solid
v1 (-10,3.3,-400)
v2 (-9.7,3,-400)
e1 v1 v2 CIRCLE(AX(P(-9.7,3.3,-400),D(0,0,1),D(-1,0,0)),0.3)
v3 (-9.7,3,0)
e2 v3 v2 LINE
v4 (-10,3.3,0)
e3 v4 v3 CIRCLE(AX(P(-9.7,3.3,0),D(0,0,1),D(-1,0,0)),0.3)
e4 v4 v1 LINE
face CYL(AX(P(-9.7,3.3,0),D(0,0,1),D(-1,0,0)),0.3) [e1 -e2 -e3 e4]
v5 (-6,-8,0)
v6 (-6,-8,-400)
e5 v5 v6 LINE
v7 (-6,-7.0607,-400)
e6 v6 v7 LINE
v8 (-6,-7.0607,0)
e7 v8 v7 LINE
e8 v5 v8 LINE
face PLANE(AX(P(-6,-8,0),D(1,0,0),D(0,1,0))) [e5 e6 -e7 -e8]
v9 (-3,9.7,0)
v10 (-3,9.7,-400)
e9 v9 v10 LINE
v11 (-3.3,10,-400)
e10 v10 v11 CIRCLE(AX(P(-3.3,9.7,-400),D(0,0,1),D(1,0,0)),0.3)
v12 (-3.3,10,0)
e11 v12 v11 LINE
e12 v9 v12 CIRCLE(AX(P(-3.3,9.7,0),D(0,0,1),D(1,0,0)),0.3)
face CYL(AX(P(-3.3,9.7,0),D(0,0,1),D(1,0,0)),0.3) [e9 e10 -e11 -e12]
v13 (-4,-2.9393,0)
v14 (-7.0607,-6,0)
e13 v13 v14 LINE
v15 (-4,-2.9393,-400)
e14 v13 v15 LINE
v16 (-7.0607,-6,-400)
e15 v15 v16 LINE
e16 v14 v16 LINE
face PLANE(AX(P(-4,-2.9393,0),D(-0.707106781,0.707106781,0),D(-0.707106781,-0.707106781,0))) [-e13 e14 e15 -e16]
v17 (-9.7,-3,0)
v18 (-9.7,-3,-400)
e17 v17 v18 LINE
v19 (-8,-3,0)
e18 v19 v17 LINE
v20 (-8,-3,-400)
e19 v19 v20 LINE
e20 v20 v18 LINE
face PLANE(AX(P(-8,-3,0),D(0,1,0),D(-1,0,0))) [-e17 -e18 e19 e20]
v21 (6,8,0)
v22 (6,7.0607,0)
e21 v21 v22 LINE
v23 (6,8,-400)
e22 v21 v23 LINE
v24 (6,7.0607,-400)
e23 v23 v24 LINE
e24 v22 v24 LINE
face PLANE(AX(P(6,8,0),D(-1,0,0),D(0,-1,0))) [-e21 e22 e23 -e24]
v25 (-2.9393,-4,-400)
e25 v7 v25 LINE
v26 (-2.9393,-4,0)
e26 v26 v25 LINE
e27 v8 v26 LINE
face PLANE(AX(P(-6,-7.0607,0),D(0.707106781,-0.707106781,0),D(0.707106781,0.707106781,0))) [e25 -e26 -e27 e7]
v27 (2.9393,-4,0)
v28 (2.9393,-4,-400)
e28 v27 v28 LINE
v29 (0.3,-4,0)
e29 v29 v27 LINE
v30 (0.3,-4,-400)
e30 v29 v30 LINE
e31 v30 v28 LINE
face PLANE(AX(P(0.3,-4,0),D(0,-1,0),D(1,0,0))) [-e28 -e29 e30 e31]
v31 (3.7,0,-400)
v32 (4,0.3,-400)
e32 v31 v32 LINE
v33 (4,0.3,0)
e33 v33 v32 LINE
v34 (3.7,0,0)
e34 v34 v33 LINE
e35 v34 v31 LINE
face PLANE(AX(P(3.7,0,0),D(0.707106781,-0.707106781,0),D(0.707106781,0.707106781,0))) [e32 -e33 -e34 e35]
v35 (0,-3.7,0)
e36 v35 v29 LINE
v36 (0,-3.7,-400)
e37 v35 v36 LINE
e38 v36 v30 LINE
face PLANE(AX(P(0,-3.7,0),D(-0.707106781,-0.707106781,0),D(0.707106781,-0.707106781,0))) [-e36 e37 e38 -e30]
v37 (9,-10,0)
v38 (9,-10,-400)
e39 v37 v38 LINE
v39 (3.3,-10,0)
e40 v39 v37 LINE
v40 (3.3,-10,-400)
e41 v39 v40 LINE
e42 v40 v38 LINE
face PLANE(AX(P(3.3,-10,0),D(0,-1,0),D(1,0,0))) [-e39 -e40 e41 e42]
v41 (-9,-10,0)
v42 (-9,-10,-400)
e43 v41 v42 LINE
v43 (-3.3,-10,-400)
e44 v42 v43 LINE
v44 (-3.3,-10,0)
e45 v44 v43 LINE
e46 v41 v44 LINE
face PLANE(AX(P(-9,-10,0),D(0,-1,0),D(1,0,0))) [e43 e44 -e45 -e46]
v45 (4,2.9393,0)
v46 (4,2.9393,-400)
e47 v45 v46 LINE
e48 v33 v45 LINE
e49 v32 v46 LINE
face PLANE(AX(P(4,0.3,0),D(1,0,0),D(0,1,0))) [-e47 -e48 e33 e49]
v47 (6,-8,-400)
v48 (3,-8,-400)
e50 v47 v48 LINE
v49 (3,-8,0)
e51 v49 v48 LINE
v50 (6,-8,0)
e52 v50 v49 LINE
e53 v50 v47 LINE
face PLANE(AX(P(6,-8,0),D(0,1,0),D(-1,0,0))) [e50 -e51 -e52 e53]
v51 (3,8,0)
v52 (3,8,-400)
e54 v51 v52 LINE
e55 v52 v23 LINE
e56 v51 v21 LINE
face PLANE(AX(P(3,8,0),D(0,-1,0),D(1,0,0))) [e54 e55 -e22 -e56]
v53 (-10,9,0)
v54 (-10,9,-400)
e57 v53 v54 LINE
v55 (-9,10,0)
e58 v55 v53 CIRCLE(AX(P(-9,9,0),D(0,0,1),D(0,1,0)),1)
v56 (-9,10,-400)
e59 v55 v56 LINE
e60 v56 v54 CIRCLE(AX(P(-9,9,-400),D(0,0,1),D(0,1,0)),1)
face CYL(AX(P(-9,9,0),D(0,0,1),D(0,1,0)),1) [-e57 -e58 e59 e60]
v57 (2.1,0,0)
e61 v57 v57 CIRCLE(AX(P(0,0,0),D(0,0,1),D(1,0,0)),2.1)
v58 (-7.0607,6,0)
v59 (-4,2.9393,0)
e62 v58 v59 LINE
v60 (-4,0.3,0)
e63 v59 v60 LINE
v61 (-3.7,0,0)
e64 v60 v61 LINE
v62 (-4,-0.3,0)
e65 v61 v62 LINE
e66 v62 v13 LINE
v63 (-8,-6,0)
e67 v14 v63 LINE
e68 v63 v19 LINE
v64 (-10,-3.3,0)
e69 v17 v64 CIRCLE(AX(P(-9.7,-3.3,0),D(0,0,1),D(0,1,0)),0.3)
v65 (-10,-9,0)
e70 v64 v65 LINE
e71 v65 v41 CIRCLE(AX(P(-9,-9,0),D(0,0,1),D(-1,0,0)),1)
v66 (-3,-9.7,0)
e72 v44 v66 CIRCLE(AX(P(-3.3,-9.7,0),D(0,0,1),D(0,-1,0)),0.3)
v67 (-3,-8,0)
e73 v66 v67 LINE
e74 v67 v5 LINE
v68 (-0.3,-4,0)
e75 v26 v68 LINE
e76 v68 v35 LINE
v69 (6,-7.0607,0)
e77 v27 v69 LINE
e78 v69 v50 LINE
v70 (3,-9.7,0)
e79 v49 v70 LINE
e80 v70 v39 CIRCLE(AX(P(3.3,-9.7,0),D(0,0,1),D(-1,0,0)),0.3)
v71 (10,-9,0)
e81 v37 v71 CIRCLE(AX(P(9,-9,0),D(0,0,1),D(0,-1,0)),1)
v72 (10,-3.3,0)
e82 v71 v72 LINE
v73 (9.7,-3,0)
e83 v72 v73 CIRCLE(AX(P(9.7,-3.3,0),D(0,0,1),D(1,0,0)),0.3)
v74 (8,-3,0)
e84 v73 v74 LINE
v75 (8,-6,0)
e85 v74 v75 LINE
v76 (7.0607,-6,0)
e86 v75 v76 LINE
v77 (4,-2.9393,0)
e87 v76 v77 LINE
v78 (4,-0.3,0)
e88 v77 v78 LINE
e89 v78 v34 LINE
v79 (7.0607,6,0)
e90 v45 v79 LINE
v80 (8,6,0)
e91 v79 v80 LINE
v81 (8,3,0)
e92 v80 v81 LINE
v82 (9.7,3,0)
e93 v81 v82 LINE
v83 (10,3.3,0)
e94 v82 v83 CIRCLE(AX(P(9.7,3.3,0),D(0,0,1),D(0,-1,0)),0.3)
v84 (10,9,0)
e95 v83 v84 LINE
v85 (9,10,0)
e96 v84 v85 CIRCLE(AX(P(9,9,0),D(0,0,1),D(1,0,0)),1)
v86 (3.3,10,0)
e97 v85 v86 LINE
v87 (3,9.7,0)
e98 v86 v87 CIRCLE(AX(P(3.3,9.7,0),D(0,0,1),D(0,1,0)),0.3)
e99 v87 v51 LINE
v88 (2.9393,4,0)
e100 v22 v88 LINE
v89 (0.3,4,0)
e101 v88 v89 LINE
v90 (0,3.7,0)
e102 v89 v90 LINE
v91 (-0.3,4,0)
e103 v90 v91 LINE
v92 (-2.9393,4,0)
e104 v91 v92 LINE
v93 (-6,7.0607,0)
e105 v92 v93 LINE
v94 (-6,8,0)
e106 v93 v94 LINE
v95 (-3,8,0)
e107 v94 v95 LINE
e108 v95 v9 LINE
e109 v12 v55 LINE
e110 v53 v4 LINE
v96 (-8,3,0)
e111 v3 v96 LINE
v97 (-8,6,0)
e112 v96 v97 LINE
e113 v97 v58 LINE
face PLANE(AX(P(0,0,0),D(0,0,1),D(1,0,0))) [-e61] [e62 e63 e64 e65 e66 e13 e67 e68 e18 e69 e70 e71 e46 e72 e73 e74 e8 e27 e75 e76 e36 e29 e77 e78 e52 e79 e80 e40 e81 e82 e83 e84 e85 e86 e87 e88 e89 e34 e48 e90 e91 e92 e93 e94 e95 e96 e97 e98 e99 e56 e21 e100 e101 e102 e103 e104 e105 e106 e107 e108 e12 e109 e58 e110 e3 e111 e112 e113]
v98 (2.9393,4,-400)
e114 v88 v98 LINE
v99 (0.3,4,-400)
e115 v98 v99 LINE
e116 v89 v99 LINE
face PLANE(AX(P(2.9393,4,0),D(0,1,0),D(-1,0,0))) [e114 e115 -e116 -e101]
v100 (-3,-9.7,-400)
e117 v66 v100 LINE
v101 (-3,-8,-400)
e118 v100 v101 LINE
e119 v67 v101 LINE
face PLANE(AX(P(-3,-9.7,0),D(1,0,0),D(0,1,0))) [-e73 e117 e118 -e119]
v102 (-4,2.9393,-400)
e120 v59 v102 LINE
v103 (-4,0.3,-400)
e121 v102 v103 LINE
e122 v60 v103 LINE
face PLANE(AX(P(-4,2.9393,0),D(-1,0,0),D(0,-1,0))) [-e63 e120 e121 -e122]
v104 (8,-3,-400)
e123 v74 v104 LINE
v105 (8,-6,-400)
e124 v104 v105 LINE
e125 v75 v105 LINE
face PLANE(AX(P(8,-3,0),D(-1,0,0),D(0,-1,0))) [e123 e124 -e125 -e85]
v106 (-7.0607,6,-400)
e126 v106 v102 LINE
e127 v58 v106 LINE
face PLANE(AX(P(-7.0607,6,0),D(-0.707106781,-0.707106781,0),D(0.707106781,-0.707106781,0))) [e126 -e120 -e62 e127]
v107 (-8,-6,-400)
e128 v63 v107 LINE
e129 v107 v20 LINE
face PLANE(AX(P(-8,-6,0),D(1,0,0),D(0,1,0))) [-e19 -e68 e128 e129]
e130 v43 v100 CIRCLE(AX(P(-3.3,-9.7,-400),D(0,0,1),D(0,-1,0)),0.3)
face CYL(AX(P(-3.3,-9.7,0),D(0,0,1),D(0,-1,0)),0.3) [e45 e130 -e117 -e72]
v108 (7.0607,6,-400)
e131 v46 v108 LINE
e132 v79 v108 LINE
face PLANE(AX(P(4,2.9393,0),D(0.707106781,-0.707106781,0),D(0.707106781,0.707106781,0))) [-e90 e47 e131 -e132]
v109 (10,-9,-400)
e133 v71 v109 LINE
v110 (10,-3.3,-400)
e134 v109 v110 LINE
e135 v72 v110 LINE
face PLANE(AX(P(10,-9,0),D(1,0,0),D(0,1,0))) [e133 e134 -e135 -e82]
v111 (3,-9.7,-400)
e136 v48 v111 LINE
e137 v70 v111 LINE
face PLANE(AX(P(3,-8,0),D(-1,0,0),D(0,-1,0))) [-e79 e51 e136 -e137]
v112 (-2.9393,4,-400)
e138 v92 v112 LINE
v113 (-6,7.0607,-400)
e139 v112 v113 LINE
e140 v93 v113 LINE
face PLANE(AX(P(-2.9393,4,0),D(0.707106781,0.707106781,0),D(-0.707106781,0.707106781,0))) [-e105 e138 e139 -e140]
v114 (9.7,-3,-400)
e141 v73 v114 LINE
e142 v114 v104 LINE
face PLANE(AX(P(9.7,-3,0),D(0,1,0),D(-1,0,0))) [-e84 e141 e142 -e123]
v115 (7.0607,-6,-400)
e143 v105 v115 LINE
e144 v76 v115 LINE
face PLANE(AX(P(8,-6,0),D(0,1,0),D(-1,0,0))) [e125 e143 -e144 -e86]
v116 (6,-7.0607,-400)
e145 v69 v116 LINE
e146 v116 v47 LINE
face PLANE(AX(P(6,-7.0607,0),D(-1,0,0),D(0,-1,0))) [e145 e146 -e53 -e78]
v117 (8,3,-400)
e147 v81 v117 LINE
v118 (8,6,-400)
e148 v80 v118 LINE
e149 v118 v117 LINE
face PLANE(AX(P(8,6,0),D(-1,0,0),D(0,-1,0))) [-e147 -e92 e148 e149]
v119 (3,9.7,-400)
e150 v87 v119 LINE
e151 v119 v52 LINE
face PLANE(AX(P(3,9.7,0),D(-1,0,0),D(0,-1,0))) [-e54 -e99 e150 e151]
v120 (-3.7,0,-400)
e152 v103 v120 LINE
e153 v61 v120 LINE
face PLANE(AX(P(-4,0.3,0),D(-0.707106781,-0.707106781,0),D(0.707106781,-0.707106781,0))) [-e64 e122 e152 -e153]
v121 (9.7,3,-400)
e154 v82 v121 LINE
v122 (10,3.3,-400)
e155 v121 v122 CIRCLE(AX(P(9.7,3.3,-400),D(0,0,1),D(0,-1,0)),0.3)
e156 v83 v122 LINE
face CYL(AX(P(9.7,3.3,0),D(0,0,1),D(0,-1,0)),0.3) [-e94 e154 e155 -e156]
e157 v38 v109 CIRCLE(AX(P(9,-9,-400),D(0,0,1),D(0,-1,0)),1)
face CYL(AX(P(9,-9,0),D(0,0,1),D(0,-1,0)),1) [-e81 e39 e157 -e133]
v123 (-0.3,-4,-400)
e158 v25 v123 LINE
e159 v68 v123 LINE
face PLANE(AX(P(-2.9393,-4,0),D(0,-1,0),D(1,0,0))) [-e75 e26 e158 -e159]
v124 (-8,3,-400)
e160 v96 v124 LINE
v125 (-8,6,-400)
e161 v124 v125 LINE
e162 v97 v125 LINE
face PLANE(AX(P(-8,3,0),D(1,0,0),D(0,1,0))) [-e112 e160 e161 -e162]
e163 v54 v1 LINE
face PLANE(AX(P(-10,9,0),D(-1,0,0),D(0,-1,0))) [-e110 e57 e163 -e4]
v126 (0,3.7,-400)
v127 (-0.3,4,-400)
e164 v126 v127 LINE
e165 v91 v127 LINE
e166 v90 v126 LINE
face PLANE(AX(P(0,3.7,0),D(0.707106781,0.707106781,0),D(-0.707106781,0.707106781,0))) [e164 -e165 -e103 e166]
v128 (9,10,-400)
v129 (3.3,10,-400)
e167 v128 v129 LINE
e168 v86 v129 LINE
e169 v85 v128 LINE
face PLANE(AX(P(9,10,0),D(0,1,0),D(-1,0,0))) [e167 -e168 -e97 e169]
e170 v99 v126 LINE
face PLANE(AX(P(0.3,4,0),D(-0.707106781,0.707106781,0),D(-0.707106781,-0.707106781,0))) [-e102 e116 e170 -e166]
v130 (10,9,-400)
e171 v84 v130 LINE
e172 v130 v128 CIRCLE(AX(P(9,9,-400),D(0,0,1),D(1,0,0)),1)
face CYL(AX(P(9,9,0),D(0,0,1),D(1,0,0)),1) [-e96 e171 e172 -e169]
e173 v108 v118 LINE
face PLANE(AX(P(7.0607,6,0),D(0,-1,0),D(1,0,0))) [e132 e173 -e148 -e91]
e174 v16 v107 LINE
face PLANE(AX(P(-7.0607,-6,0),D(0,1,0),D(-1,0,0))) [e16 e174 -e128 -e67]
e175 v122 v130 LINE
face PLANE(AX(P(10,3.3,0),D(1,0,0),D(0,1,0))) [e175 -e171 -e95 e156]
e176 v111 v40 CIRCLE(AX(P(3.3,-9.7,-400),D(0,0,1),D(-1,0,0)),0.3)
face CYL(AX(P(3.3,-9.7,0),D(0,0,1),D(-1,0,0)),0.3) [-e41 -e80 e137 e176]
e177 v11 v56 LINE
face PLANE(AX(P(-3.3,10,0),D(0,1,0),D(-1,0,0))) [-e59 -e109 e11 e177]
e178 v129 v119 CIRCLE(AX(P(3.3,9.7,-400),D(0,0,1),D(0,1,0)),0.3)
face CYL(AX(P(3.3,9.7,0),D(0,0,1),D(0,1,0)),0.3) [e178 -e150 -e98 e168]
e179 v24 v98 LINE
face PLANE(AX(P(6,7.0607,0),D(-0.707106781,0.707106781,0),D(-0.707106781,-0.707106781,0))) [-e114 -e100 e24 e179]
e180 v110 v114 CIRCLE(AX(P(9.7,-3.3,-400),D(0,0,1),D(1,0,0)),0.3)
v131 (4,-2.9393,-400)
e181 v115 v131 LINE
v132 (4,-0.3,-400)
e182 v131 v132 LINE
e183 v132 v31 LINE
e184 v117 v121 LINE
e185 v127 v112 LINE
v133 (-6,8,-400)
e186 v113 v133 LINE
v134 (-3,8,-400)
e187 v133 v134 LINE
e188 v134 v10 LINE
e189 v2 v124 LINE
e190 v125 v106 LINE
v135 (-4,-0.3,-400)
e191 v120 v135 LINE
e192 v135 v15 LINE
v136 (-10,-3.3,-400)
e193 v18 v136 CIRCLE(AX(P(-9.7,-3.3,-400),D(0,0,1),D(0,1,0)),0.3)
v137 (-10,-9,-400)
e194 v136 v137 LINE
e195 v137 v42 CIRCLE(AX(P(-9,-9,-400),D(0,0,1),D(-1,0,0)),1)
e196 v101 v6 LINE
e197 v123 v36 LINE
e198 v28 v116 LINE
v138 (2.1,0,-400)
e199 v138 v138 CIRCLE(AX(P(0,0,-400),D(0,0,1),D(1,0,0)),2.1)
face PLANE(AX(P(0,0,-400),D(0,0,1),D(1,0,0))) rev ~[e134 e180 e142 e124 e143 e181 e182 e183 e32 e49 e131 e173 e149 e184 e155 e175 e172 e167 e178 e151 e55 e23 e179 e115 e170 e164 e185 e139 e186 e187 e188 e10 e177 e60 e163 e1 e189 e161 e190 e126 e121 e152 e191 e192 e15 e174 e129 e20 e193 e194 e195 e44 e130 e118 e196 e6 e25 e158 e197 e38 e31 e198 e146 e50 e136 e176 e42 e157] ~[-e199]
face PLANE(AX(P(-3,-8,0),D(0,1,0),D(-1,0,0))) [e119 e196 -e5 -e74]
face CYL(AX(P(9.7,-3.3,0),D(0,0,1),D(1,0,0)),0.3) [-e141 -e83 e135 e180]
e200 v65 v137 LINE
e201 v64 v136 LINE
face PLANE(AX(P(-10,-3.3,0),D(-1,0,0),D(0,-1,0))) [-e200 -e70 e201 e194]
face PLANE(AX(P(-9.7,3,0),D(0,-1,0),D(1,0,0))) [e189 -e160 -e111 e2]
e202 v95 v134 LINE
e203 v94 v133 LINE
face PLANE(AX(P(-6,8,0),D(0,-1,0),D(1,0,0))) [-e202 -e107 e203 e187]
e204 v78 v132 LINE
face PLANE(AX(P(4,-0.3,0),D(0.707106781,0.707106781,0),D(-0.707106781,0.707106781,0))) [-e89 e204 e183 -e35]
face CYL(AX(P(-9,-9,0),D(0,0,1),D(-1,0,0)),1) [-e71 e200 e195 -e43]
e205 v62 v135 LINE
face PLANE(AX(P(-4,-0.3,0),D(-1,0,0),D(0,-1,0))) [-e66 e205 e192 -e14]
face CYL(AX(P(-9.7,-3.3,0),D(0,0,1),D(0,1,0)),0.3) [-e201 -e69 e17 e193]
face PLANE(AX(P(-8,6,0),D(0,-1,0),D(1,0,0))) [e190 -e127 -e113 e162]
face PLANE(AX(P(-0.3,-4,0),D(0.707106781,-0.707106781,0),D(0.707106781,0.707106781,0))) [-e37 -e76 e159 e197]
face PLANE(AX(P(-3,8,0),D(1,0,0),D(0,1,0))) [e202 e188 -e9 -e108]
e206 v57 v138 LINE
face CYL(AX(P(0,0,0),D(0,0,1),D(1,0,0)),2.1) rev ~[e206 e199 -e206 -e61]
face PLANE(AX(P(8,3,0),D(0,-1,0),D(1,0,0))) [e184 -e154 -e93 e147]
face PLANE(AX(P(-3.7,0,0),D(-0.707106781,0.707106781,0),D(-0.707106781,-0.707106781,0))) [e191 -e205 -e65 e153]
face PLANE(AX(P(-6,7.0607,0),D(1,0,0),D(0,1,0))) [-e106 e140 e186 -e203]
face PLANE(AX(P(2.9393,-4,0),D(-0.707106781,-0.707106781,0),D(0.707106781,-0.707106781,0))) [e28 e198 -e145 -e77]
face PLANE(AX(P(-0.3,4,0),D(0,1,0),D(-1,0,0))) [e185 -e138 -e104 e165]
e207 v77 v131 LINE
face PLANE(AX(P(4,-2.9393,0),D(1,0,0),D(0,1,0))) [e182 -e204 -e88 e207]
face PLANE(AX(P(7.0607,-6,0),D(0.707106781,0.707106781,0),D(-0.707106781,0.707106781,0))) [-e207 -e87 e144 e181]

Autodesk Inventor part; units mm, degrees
ref_plane "YZ Plane" through (0, 0, 0) normal (1, 0, 0) x (0, 1, 0)
ref_plane "XZ Plane" through (0, 0, 0) normal (0, 1, 0) x (-1, 0, 0)
ref_plane "XY Plane" through (0, 0, 0) normal (0, 0, 1) x (1, 0, 0)
sketch "Sketch_5" plane through (0, 0, 0) normal (0, 0, 1) x (1, 0, 0)
  line L0 (-10, 9) -> (-10, 3.3)
  arc A0 (-10, 3.3) -> (-9.7, 3) centre (-9.7, 3.3) ccw
  line L1 (-9.7, 3) -> (-8, 3)
  line L2 (-8, 3) -> (-8, 6)
  line L3 (-8, 6) -> (-7.0607, 6)
  line L4 (-7.0607, 6) -> (-4, 2.9393)
  line L5 (-4, 2.9393) -> (-4, 0.3)
  line L6 (-4, 0.3) -> (-3.7, 0)
  line L7 (-3.7, 0) -> (-4, -0.3)
  line L8 (-4, -0.3) -> (-4, -2.9393)
  line L9 (-4, -2.9393) -> (-7.0607, -6)
  line L10 (-7.0607, -6) -> (-8, -6)
  line L11 (-8, -6) -> (-8, -3)
  line L12 (-8, -3) -> (-9.7, -3)
  arc A1 (-9.7, -3) -> (-10, -3.3) centre (-9.7, -3.3) ccw
  line L13 (-10, -3.3) -> (-10, -9)
  arc A2 (-10, -9) -> (-9, -10) centre (-9, -9) ccw
  line L14 (-9, -10) -> (-3.3, -10)
  arc A3 (-3.3, -10) -> (-3, -9.7) centre (-3.3, -9.7) ccw
  line L15 (-3, -9.7) -> (-3, -8)
  line L16 (-3, -8) -> (-6, -8)
  line L17 (-6, -8) -> (-6, -7.0607)
  line L18 (-6, -7.0607) -> (-2.9393, -4)
  line L19 (-2.9393, -4) -> (-0.3, -4)
  line L20 (-0.3, -4) -> (0, -3.7)
  line L21 (0, -3.7) -> (0.3, -4)
  line L22 (0.3, -4) -> (2.9393, -4)
  line L23 (2.9393, -4) -> (6, -7.0607)
  line L24 (6, -7.0607) -> (6, -8)
  line L25 (6, -8) -> (3, -8)
  line L26 (3, -8) -> (3, -9.7)
  arc A4 (3, -9.7) -> (3.3, -10) centre (3.3, -9.7) ccw
  line L27 (3.3, -10) -> (9, -10)
  arc A5 (9, -10) -> (10, -9) centre (9, -9) ccw
  line L28 (10, -9) -> (10, -3.3)
  arc A6 (10, -3.3) -> (9.7, -3) centre (9.7, -3.3) ccw
  line L29 (9.7, -3) -> (8, -3)
  line L30 (8, -3) -> (8, -6)
  line L31 (8, -6) -> (7.0607, -6)
  line L32 (7.0607, -6) -> (4, -2.9393)
  line L33 (4, -2.9393) -> (4, -0.3)
  line L34 (4, -0.3) -> (3.7, 0)
  line L35 (3.7, 0) -> (4, 0.3)
  line L36 (4, 0.3) -> (4, 2.9393)
  line L37 (4, 2.9393) -> (7.0607, 6)
  line L38 (7.0607, 6) -> (8, 6)
  line L39 (8, 6) -> (8, 3)
  line L40 (8, 3) -> (9.7, 3)
  arc A7 (9.7, 3) -> (10, 3.3) centre (9.7, 3.3) ccw
  line L41 (10, 3.3) -> (10, 9)
  arc A8 (10, 9) -> (9, 10) centre (9, 9) ccw
  line L42 (9, 10) -> (3.3, 10)
  arc A9 (3.3, 10) -> (3, 9.7) centre (3.3, 9.7) ccw
  line L43 (3, 9.7) -> (3, 8)
  line L44 (3, 8) -> (6, 8)
  line L45 (6, 8) -> (6, 7.0607)
  line L46 (6, 7.0607) -> (2.9393, 4)
  line L47 (2.9393, 4) -> (0.3, 4)
  line L48 (0.3, 4) -> (0, 3.7)
  line L49 (0, 3.7) -> (-0.3, 4)
  line L50 (-0.3, 4) -> (-2.9393, 4)
  line L51 (-2.9393, 4) -> (-6, 7.0607)
  line L52 (-6, 7.0607) -> (-6, 8)
  line L53 (-6, 8) -> (-3, 8)
  line L54 (-3, 8) -> (-3, 9.7)
  arc A10 (-3, 9.7) -> (-3.3, 10) centre (-3.3, 9.7) ccw
  line L55 (-3.3, 10) -> (-9, 10)
  arc A11 (-9, 10) -> (-10, 9) centre (-9, 9) ccw
  circle A12 centre (0, 0) radius 2.1
extrude "Extrusion1" add sketch "Sketch_5" against normal blind 400
properties part number "KHFS5-2020-4000"
